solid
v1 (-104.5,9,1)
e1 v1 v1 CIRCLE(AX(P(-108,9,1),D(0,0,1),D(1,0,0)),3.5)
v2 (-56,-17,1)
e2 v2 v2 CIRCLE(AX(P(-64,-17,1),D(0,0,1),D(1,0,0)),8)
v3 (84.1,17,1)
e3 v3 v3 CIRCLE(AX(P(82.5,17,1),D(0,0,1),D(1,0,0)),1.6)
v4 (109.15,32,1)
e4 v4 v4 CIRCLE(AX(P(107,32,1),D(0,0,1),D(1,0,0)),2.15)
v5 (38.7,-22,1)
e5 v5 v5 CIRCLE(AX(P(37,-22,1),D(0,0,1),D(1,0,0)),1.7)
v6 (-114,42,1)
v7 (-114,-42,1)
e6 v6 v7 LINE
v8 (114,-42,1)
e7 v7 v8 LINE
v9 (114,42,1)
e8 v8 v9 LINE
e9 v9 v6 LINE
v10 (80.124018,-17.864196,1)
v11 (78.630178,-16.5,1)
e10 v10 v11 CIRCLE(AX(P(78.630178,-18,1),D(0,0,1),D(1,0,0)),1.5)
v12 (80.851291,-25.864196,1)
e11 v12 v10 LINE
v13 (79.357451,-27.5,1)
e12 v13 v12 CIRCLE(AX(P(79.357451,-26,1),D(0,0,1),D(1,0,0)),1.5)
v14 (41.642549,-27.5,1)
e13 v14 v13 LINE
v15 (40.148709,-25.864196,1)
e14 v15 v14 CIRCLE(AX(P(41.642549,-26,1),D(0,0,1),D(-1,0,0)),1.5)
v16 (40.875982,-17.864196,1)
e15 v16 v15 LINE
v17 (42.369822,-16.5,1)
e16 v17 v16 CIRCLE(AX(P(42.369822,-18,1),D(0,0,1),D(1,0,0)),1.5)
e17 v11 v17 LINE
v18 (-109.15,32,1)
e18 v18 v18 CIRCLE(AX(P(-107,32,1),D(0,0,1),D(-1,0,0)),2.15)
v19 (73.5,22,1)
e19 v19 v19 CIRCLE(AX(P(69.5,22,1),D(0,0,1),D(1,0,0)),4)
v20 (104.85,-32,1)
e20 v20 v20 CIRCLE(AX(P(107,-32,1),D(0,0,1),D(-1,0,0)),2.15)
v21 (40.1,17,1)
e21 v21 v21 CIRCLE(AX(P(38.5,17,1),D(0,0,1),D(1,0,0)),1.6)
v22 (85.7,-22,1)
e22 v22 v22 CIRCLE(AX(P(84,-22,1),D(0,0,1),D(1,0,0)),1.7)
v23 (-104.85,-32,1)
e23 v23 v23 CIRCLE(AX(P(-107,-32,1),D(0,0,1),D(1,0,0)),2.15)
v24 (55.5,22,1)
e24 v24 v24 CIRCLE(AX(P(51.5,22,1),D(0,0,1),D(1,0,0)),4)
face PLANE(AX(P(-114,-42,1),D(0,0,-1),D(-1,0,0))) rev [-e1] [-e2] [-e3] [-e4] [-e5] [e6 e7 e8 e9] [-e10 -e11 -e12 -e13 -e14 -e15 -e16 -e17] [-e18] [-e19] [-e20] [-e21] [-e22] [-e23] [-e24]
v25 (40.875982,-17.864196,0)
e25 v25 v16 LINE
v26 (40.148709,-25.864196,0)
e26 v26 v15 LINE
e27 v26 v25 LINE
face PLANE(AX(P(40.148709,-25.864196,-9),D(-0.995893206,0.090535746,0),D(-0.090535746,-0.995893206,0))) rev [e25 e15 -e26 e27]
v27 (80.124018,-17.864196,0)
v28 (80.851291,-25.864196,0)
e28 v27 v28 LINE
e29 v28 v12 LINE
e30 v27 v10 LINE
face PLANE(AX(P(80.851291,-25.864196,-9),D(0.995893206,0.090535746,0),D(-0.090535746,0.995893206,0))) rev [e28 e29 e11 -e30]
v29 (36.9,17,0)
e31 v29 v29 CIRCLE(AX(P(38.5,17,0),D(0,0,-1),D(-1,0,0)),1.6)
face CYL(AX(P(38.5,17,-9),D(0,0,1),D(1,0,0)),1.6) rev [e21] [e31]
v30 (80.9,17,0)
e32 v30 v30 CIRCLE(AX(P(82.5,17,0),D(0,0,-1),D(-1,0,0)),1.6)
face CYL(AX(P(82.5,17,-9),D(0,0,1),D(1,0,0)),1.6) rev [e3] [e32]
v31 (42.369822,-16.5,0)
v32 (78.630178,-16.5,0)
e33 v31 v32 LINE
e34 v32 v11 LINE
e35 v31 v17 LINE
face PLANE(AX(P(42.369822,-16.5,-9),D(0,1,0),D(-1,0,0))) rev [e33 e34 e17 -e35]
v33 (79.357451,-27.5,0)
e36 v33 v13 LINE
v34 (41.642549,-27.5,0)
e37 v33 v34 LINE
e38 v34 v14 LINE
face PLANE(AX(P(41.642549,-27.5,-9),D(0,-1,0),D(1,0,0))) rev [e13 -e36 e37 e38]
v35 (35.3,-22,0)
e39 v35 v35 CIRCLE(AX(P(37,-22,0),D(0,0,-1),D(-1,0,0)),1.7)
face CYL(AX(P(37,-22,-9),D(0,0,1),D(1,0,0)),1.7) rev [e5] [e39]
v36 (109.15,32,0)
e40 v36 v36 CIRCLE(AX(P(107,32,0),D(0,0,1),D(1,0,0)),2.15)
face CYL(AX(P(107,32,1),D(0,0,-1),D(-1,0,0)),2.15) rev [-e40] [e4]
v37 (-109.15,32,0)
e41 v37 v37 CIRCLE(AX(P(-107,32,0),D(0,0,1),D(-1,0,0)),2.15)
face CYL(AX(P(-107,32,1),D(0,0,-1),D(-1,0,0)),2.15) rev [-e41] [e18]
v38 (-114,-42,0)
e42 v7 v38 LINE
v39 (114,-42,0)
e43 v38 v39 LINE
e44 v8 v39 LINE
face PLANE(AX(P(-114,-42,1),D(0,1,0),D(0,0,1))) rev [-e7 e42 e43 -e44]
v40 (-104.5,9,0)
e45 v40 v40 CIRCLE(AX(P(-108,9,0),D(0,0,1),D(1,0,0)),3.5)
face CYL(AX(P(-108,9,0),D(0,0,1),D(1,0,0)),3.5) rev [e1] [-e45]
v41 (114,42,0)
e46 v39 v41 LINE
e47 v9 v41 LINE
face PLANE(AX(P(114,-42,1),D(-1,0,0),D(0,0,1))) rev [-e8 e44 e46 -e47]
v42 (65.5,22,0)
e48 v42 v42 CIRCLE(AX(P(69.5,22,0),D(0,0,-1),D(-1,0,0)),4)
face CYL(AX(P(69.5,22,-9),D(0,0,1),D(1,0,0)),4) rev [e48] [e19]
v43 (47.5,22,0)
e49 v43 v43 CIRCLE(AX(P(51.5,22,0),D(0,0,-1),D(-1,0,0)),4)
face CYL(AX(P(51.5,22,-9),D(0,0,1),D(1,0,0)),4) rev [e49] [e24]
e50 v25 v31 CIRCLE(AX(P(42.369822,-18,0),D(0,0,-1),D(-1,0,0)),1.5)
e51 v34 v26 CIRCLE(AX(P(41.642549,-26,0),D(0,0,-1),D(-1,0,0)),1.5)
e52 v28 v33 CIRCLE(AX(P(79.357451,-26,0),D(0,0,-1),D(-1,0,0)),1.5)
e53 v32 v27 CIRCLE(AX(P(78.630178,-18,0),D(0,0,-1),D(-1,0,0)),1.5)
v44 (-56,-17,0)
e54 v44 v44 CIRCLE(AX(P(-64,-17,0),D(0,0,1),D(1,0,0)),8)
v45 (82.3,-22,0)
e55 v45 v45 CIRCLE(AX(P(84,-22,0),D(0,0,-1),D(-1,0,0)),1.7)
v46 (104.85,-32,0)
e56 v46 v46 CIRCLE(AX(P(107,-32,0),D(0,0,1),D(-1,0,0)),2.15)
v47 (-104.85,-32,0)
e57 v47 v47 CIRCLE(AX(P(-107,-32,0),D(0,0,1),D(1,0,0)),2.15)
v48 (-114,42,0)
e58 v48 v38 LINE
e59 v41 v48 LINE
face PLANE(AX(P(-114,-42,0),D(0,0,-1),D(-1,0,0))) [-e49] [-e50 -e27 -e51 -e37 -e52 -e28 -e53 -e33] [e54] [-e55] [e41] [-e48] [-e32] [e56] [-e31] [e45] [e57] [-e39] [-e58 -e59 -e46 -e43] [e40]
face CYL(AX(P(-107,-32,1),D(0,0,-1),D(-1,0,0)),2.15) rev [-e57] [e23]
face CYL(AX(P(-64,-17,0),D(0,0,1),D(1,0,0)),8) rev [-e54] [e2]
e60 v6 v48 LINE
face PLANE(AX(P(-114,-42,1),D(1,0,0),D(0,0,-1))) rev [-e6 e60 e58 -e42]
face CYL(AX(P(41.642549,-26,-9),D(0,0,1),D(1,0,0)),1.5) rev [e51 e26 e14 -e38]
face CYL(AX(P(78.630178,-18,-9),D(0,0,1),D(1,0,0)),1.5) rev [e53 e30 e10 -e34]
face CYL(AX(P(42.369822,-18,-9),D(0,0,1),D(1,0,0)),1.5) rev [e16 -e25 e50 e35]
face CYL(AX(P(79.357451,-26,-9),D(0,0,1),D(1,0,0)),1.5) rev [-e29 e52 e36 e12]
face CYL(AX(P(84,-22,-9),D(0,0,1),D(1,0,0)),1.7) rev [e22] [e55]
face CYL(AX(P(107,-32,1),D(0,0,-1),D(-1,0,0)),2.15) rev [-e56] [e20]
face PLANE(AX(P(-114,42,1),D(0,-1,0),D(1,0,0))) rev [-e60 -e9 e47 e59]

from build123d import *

# Parameters (mm, degrees)
SKETCH_1_W          = 228
SKETCH_1_H          = 84
SKETCH_1_R          = 2.15
EXTRUDE_1_DEPTH     = 1
SKETCH_3_R          = 1.7
SKETCH_3_R_2        = 1.6
SKETCH_3_R_3        = 4
CUT_EXTRUDE_1_DEPTH = 10
SKETCH_4_R          = 3.5
SKETCH_4_R_2        = 8
CUT_EXTRUDE_2_DEPTH = 1


with BuildPart() as part:
    # Эскиз1 → Вытянуть1 (new body)
    with BuildSketch(Plane.XY):
        Rectangle(SKETCH_1_W, SKETCH_1_H)
        with Locations((107, 32)):
            Circle(SKETCH_1_R, mode=Mode.SUBTRACT)
        with Locations(Location((-107, 32, 0), (0, 0, 180))):
            Circle(SKETCH_1_R, mode=Mode.SUBTRACT)
        with Locations((-107, -32)):
            Circle(SKETCH_1_R, mode=Mode.SUBTRACT)
        with Locations(Location((107, -32, 0), (0, 0, 180))):
            Circle(SKETCH_1_R, mode=Mode.SUBTRACT)
    extrude(amount=EXTRUDE_1_DEPTH)

    # Эскиз3 → Вырез-Вытянуть1 (cut)
    with BuildSketch(Plane.XY.offset(1)):
        with Locations((37, -22)):
            Circle(SKETCH_3_R)
        with Locations((84, -22)):
            Circle(SKETCH_3_R)
        with Locations((38.5, 17)):
            Circle(SKETCH_3_R_2)
        with Locations((82.5, 17)):
            Circle(SKETCH_3_R_2)
        with Locations((51.5, 22)):
            Circle(SKETCH_3_R_3)
        with Locations((69.5, 22)):
            Circle(SKETCH_3_R_3)
        with BuildLine():
            Line((40.14870942, -25.864196381), (40.875982147, -17.864196381))
            ThreePointArc((40.875982147, -17.864196381), (41.358314525, -16.892366164), (42.369821957, -16.5))
            Line((42.369821957, -16.5), (78.630178043, -16.5))
            ThreePointArc((78.630178043, -16.5), (79.641685475, -16.892366164), (80.124017853, -17.864196381))
            Line((80.124017853, -17.864196381), (80.85129058, -25.864196381))
            ThreePointArc((80.85129058, -25.864196381), (80.465084606, -27.011507432), (79.35745077, -27.5))
            Line((79.35745077, -27.5), (41.64254923, -27.5))
            ThreePointArc((41.64254923, -27.5), (40.534915394, -27.011507432), (40.14870942, -25.864196381))
        make_face()
    extrude(amount=-CUT_EXTRUDE_1_DEPTH, mode=Mode.SUBTRACT)

    # Эскиз4 → Вырез-Вытянуть2 (cut)
    with BuildSketch(Plane.XY.offset(1)):
        with Locations((-108, 9)):
            Circle(SKETCH_4_R)
        with Locations((-64, -17)):
            Circle(SKETCH_4_R_2)
    extrude(amount=-CUT_EXTRUDE_2_DEPTH, mode=Mode.SUBTRACT)


solid = part.part
